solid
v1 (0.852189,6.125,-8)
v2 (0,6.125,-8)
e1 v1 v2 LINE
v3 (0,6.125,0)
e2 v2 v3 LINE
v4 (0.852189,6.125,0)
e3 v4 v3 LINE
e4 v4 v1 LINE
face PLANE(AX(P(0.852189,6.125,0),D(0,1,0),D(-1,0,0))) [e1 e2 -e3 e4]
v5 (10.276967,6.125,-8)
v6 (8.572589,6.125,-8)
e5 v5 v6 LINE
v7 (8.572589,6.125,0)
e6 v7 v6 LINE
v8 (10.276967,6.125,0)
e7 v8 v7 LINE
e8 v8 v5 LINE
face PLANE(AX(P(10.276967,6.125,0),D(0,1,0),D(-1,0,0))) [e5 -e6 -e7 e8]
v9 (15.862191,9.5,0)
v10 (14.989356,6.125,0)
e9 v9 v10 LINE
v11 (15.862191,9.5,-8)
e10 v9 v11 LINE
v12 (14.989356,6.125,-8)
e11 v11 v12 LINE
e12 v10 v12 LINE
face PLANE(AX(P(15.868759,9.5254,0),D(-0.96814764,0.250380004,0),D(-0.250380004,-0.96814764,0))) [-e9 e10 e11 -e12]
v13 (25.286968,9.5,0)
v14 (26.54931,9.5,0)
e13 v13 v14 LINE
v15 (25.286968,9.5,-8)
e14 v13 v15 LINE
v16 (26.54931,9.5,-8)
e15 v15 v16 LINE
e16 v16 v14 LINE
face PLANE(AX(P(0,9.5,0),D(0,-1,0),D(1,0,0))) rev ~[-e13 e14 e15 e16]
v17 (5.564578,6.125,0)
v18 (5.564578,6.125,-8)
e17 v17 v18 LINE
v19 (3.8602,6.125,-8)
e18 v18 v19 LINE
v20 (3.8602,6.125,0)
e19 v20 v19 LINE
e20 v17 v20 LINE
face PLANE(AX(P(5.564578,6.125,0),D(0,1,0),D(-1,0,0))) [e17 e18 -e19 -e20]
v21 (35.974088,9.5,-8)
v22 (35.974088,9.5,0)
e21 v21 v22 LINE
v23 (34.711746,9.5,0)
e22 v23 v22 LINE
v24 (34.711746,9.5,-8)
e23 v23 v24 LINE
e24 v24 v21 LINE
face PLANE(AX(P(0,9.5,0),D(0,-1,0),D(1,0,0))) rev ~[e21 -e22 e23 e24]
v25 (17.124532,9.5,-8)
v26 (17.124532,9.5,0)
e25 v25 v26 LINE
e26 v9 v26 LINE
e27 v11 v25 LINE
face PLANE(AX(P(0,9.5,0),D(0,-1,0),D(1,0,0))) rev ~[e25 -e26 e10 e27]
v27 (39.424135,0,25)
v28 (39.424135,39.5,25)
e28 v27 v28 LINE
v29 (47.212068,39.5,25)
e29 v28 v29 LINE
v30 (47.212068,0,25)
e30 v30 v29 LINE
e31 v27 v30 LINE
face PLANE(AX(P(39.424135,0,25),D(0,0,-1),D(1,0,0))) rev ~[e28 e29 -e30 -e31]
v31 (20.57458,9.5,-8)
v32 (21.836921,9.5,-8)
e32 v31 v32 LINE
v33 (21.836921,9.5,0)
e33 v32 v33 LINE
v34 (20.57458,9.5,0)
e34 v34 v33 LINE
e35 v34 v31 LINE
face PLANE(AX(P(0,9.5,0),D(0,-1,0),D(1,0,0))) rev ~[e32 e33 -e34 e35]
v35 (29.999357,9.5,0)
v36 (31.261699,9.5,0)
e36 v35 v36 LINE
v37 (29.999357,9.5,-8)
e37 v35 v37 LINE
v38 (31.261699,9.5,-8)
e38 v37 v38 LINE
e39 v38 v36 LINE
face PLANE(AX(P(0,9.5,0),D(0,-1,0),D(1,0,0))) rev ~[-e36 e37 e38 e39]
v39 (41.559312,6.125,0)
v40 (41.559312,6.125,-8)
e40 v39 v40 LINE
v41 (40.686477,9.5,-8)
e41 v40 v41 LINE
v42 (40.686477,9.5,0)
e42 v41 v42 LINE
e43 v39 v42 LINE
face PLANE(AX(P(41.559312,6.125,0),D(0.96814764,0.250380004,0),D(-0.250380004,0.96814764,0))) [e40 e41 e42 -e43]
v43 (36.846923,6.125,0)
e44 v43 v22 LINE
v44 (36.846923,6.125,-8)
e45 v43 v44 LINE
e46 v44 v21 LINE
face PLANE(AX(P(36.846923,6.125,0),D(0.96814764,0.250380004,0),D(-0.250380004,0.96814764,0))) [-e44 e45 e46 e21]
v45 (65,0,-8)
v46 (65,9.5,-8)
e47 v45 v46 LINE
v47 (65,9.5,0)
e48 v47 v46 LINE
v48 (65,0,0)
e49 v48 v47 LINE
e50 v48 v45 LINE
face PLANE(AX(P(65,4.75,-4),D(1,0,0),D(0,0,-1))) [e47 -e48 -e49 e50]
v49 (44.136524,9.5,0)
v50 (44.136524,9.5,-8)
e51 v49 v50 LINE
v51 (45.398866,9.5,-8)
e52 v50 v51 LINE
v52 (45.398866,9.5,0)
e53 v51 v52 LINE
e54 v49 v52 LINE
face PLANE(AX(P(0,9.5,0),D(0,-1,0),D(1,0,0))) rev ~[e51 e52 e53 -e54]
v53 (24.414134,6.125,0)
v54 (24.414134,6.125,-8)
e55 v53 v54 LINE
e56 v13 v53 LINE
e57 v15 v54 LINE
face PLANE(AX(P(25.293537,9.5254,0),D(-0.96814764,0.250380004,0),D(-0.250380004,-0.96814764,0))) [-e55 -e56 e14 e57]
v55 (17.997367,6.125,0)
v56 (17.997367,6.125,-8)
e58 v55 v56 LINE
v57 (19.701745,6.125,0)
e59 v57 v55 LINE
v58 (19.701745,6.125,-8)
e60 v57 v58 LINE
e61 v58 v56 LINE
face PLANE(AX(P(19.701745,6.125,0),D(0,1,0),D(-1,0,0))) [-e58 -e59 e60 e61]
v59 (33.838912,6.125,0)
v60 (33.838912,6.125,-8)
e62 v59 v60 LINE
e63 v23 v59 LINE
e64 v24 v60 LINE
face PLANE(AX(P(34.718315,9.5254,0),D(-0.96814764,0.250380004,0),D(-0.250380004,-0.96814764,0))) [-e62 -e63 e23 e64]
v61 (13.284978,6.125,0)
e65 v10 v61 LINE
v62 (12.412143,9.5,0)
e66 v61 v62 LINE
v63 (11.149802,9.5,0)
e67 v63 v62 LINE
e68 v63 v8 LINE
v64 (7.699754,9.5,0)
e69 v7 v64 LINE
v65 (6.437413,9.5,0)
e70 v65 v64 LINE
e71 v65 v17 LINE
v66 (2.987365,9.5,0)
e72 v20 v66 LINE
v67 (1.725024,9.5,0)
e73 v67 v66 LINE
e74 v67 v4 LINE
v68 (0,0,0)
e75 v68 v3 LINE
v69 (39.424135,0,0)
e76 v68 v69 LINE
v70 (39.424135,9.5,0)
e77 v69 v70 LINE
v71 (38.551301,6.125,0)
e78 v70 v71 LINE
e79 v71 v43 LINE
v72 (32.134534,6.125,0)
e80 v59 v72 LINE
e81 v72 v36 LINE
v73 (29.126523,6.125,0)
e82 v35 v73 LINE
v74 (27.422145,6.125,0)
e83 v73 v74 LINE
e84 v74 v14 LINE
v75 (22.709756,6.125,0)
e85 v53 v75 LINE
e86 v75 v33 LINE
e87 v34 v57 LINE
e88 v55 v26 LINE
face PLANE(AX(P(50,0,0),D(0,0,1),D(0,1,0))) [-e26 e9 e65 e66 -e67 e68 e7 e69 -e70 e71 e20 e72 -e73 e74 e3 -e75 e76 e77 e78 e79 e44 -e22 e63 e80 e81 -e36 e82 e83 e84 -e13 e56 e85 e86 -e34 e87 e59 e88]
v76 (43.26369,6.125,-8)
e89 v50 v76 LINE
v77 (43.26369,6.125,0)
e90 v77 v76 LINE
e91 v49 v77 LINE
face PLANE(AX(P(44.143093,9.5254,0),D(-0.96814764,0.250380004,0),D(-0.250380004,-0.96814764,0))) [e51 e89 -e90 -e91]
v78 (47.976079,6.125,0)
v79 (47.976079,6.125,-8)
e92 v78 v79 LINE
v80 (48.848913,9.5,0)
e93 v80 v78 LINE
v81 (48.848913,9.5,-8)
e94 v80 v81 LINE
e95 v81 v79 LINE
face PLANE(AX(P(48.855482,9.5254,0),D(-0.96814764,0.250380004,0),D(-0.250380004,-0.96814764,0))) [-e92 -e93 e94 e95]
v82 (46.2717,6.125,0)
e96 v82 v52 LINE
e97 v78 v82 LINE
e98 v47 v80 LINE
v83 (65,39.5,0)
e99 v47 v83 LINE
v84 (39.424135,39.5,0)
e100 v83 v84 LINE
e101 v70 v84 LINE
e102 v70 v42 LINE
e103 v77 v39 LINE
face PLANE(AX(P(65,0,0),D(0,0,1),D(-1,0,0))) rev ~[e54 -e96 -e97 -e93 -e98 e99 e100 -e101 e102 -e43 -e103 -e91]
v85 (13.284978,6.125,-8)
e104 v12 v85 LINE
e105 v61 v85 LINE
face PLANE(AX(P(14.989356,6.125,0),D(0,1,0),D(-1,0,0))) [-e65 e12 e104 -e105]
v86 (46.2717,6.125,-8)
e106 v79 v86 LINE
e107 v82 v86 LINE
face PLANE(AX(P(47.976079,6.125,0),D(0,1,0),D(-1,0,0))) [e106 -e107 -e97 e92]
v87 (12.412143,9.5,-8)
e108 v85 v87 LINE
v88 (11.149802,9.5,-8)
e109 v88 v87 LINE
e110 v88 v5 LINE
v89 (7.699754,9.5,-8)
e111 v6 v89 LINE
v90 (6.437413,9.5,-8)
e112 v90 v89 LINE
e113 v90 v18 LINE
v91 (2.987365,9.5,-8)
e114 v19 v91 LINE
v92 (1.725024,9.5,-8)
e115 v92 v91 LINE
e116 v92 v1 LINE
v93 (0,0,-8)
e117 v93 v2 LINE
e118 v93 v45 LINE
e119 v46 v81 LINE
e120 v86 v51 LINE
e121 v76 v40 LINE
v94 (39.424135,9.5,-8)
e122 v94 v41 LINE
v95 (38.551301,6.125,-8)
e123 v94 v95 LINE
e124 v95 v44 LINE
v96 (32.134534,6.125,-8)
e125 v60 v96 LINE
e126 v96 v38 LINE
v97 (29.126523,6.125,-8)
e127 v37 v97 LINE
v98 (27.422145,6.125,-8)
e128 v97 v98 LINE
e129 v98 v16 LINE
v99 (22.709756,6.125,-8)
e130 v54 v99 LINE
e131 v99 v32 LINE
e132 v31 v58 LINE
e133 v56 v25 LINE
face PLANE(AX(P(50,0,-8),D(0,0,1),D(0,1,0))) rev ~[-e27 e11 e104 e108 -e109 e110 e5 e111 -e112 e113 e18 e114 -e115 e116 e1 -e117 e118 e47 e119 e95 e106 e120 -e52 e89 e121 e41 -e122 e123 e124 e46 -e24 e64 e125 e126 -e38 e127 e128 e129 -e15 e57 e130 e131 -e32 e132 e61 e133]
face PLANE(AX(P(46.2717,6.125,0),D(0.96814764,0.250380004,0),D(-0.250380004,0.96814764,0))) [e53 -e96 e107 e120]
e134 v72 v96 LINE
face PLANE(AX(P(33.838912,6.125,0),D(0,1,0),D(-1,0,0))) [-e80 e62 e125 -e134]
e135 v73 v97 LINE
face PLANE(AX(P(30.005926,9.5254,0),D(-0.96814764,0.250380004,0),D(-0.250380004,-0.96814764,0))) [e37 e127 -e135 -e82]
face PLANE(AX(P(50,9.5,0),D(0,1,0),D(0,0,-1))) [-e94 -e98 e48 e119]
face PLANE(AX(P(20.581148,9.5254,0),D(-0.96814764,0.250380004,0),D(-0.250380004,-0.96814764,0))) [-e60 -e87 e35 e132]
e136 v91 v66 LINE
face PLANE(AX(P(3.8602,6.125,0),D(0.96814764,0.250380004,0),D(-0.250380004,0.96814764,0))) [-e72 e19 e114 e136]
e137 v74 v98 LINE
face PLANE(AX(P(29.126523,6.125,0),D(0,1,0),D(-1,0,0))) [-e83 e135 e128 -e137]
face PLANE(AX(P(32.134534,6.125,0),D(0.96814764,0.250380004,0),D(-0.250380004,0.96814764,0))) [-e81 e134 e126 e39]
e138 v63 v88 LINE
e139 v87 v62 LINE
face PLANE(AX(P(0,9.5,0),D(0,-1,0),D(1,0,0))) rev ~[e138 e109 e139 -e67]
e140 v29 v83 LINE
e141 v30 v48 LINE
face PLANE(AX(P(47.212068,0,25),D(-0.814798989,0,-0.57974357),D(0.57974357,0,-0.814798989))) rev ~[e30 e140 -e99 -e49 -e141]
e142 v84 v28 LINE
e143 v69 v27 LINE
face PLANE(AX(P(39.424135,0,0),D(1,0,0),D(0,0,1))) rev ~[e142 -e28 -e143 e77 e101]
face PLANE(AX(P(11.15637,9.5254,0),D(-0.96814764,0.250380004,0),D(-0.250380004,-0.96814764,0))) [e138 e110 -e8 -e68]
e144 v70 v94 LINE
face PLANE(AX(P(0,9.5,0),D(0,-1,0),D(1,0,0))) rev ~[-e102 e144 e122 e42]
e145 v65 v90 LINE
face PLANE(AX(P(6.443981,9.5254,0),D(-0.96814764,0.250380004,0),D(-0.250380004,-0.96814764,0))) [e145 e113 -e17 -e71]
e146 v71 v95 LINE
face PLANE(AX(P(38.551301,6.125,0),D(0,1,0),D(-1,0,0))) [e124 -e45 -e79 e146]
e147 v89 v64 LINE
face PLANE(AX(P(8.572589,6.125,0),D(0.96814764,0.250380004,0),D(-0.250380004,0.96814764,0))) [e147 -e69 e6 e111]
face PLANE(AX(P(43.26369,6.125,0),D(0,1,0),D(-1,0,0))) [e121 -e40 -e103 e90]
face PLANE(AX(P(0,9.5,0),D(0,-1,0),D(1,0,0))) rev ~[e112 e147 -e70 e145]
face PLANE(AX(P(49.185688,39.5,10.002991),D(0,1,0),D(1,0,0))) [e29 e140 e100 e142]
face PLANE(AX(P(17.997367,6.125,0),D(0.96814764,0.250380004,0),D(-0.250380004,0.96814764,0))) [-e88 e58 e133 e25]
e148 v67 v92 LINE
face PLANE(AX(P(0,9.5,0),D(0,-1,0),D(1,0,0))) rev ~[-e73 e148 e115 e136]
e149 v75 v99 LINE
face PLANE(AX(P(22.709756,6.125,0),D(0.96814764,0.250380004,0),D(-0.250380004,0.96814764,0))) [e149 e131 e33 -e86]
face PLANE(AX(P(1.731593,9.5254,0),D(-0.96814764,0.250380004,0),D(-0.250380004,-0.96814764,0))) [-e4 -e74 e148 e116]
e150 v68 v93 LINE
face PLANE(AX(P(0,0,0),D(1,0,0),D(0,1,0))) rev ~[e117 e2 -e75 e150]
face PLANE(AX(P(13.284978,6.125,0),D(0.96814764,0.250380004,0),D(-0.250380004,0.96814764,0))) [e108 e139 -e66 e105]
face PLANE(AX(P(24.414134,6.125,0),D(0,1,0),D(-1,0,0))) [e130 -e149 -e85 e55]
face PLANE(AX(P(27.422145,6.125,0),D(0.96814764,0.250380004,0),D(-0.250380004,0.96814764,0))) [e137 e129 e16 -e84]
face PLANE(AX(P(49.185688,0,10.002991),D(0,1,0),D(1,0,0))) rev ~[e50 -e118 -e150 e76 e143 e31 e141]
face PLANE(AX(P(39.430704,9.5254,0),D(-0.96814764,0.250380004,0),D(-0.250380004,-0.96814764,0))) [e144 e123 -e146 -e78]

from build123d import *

# Parameters (mm, degrees)
BLANKSKE_W          = 50
BLANKSKE_H          = 9.5
BLANK_DEPTH         = 8
TOOTHCUTSIM_DEPTH   = 52.519413817
TEETHCUTS_COUNT     = 11
TEETHCUTS_PITCH     = 4.712388975
SKETCH3_W           = 8
SKETCH3_H           = 9.5
BOSS_EXTRUDE2_DEPTH = 15
BOSS_EXTRUDE5_DEPTH = 39.5


with BuildPart() as part:
    # BlankSke → Blank (new body)
    with BuildSketch(Plane.XY):
        with Locations((25, 4.75)):
            Rectangle(BLANKSKE_W, BLANKSKE_H)
    extrude(amount=-BLANK_DEPTH)

    # TooCutSkeSim → ToothCutSim (cut, through all)
    with BuildSketch(Plane.XY):
        Polygon((0.852189273, 6.125), (-0.852189273, 6.125), (-1.731592507, 9.5254), (1.731592507, 9.5254), align=None)
    toothcutsim = extrude(amount=-TOOTHCUTSIM_DEPTH, mode=Mode.SUBTRACT)

    # TeethCuts: ToothCutSim ×11
    with Locations(*[(i * TEETHCUTS_PITCH, 0, 0) for i in range(1, TEETHCUTS_COUNT)]):
        add(toothcutsim, mode=Mode.SUBTRACT)

    # Sketch3 → Boss-Extrude2 (add)
    with BuildSketch(Plane(origin=(50, 0, 0), x_dir=(0, 0, -1), z_dir=(1, 0, 0))):
        with Locations((4, 4.75)):
            Rectangle(SKETCH3_W, SKETCH3_H)
    extrude(amount=BOSS_EXTRUDE2_DEPTH)

    # Sketch7 → Boss-Extrude5 (add)
    with BuildSketch(Plane(origin=(0, 0, 0), x_dir=(1, 0, 0), z_dir=(0, 1, 0))):
        Polygon((65, 0), (39.42413542, 0), (39.42413542, -25), (47.21206771, -25), align=None)
    extrude(amount=BOSS_EXTRUDE5_DEPTH)


solid = part.part
